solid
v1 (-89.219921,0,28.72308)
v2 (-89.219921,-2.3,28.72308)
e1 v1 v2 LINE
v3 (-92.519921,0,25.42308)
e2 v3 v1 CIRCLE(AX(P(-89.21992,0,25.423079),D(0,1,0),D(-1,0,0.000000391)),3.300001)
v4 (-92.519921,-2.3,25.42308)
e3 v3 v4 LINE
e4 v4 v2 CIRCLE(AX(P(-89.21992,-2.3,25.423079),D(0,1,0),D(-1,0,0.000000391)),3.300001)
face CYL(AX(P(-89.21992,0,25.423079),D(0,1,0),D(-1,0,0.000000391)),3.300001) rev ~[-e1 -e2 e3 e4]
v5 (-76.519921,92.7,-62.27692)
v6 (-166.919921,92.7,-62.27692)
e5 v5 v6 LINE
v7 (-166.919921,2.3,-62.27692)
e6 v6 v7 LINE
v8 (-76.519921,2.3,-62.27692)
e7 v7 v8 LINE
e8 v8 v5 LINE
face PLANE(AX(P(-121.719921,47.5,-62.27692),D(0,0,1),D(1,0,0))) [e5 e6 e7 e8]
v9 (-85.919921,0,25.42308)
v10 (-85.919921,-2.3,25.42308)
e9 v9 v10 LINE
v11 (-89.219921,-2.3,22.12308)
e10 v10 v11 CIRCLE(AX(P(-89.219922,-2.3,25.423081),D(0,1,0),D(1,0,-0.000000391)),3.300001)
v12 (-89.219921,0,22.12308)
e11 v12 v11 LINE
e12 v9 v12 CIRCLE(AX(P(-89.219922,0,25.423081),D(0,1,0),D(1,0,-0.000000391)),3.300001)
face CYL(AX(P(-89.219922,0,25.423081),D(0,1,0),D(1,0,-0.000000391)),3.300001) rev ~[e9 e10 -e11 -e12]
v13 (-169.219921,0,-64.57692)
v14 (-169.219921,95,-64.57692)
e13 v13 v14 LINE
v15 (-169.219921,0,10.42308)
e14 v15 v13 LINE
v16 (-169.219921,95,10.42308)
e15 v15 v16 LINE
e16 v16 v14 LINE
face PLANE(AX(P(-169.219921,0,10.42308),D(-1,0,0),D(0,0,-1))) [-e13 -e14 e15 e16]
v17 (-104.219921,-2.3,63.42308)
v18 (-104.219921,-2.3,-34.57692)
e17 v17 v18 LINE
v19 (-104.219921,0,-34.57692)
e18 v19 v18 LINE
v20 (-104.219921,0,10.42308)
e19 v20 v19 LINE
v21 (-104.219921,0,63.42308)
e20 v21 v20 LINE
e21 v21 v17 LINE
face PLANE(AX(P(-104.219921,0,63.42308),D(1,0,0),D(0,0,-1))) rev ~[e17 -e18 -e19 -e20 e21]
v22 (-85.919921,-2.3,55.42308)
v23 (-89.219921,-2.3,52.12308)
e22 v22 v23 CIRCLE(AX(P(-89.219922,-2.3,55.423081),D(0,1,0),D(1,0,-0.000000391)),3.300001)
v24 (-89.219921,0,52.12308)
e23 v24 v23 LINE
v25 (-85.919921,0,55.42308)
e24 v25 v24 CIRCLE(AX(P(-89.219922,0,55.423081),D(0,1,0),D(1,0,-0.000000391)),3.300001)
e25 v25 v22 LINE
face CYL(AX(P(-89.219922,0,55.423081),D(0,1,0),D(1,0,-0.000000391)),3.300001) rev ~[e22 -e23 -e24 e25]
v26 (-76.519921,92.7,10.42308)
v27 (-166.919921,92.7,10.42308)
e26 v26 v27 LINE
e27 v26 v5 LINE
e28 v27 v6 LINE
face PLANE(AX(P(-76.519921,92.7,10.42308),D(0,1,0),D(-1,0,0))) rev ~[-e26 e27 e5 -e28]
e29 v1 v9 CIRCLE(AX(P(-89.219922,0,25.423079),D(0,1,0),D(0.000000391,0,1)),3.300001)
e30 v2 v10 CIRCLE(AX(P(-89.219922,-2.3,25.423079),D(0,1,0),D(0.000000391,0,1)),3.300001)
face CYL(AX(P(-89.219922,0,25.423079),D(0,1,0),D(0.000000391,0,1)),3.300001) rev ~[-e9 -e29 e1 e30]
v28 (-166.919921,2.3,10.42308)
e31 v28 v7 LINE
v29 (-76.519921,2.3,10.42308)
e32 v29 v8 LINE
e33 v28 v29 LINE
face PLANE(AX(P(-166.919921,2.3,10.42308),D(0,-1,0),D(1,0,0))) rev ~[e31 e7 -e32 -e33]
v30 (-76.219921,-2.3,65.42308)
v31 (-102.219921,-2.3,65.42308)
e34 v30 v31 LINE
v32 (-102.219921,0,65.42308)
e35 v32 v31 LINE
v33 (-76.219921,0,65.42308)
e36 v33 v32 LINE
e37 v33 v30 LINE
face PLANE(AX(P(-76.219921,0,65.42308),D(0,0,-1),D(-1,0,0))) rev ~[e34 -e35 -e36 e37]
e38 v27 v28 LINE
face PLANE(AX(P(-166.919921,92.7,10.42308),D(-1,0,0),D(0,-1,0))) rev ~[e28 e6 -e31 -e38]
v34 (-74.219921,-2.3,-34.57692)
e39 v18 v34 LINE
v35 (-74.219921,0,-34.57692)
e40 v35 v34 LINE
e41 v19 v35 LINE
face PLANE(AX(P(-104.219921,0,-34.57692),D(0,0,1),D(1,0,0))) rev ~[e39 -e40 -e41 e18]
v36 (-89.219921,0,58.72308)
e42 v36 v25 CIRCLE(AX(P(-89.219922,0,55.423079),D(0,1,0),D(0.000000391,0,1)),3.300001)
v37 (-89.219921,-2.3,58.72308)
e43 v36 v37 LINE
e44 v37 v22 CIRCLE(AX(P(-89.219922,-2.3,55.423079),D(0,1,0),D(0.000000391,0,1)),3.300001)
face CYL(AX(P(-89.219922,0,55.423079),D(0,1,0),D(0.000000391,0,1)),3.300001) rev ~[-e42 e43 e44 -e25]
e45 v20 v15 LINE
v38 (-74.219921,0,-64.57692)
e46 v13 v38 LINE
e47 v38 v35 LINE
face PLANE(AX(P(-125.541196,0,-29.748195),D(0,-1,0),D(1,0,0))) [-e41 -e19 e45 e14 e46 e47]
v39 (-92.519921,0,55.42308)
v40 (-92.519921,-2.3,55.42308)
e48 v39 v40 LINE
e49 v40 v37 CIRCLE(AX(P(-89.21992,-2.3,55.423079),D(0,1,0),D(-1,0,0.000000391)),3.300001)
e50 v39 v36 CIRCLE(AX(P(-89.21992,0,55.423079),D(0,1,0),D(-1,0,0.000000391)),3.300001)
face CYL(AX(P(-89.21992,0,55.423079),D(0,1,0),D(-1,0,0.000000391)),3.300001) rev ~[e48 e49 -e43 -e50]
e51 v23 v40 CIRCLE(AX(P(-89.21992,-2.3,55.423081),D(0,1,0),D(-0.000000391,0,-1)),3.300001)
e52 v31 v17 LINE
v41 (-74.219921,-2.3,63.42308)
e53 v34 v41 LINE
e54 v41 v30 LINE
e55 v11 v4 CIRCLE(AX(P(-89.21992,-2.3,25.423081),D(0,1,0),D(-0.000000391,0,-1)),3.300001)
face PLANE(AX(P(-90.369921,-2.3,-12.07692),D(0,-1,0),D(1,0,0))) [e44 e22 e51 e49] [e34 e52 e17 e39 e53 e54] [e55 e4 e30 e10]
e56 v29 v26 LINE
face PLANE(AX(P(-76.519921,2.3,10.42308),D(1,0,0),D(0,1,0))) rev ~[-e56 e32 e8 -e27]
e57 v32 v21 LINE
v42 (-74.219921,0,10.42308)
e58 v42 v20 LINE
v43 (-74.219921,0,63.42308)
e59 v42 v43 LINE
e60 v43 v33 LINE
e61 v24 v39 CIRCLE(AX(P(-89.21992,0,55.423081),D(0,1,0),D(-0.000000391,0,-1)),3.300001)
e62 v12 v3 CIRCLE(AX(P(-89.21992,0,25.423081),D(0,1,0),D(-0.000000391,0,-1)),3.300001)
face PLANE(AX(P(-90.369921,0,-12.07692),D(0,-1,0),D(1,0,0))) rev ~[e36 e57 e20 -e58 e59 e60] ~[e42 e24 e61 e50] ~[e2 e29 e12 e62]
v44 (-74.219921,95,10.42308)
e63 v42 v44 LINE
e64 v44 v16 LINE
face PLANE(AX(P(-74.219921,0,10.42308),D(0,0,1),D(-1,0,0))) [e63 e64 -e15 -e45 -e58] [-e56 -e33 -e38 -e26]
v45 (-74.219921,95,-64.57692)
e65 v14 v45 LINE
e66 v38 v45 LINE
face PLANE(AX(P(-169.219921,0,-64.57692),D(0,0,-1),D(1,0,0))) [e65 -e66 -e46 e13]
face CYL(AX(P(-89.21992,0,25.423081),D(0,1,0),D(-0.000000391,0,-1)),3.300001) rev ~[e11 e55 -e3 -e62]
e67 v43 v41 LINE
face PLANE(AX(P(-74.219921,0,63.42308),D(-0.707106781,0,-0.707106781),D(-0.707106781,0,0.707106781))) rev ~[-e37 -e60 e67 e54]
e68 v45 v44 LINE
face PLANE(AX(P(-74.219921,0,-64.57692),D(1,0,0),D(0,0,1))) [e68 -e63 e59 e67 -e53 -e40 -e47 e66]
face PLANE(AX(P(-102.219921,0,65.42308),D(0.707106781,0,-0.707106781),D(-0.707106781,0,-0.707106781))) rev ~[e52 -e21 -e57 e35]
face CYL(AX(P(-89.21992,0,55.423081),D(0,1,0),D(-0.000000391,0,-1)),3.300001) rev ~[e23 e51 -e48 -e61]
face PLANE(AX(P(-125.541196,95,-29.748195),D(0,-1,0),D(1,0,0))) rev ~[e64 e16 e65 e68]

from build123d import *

# Parameters (mm, degrees)
F0_W     = 27.7
F0_H     = 45
F0_W_2   = 2.3
F1_DEPTH = 2.3
F2_DEPTH = 95
F4_DEPTH = 72.7


with BuildPart() as f1:
    # F0 (on Front) → F1 (new body)
    with BuildSketch(Plane.XZ):
        with Locations((-90.369921, -12.07692)):
            Rectangle(F0_W, F0_H)
        Polygon((-76.519921, 10.42308), (-74.219921, 10.42308), (-74.219921, 63.42308), (-76.219921, 65.42308), (-102.219921, 65.42308), (-104.219921, 63.42308), (-104.219921, 10.42308), align=None)
        with BuildLine():
            ThreePointArc((-89.219921, 22.12308), (-91.553373, 23.089628), (-92.519921, 25.42308))
            ThreePointArc((-92.519921, 25.42308), (-91.553373, 27.756532), (-89.219921, 28.72308))
            ThreePointArc((-89.219921, 28.72308), (-86.886469, 27.756532), (-85.919921, 25.42308))
            ThreePointArc((-85.919921, 25.42308), (-86.886469, 23.089628), (-89.219921, 22.12308))
        make_face(mode=Mode.SUBTRACT)
        with BuildLine():
            ThreePointArc((-89.219921, 52.12308), (-91.553373, 53.089628), (-92.519921, 55.42308))
            ThreePointArc((-92.519921, 55.42308), (-91.553373, 57.756532), (-89.219921, 58.72308))
            ThreePointArc((-89.219921, 58.72308), (-86.886469, 57.756532), (-85.919921, 55.42308))
            ThreePointArc((-85.919921, 55.42308), (-86.886469, 53.089628), (-89.219921, 52.12308))
        make_face(mode=Mode.SUBTRACT)
        with Locations((-75.369921, -12.07692)):
            Rectangle(F0_W_2, F0_H)
    extrude(amount=F1_DEPTH)

    # F0 (on Front) → F2 (join)
    with BuildSketch(Plane.XZ):
        Polygon((-76.519921, -62.27692), (-76.519921, -34.57692), (-104.219921, -34.57692), (-104.219921, 10.42308), (-166.919921, 10.42308), (-166.919921, -62.27692), align=None)
        Polygon((-169.219921, -64.57692), (-74.219921, -64.57692), (-74.219921, -34.57692), (-76.519921, -34.57692), (-76.519921, -62.27692), (-166.919921, -62.27692), (-166.919921, 10.42308), (-169.219921, 10.42308), align=None)
        with Locations((-90.369921, -12.07692)):
            Rectangle(F0_W, F0_H)
        with Locations((-75.369921, -12.07692)):
            Rectangle(F0_W_2, F0_H)
    extrude(amount=-F2_DEPTH)

    # F3 (on face) → F4 (cut)
    with BuildSketch(Plane.XY.offset(10.42308)):
        Polygon((-104.219921, 2.3), (-76.519921, 2.3), (-76.519921, 92.7), (-166.919921, 92.7), (-166.919921, 2.3), align=None)
    extrude(amount=-F4_DEPTH, mode=Mode.SUBTRACT)


solid = f1.part
